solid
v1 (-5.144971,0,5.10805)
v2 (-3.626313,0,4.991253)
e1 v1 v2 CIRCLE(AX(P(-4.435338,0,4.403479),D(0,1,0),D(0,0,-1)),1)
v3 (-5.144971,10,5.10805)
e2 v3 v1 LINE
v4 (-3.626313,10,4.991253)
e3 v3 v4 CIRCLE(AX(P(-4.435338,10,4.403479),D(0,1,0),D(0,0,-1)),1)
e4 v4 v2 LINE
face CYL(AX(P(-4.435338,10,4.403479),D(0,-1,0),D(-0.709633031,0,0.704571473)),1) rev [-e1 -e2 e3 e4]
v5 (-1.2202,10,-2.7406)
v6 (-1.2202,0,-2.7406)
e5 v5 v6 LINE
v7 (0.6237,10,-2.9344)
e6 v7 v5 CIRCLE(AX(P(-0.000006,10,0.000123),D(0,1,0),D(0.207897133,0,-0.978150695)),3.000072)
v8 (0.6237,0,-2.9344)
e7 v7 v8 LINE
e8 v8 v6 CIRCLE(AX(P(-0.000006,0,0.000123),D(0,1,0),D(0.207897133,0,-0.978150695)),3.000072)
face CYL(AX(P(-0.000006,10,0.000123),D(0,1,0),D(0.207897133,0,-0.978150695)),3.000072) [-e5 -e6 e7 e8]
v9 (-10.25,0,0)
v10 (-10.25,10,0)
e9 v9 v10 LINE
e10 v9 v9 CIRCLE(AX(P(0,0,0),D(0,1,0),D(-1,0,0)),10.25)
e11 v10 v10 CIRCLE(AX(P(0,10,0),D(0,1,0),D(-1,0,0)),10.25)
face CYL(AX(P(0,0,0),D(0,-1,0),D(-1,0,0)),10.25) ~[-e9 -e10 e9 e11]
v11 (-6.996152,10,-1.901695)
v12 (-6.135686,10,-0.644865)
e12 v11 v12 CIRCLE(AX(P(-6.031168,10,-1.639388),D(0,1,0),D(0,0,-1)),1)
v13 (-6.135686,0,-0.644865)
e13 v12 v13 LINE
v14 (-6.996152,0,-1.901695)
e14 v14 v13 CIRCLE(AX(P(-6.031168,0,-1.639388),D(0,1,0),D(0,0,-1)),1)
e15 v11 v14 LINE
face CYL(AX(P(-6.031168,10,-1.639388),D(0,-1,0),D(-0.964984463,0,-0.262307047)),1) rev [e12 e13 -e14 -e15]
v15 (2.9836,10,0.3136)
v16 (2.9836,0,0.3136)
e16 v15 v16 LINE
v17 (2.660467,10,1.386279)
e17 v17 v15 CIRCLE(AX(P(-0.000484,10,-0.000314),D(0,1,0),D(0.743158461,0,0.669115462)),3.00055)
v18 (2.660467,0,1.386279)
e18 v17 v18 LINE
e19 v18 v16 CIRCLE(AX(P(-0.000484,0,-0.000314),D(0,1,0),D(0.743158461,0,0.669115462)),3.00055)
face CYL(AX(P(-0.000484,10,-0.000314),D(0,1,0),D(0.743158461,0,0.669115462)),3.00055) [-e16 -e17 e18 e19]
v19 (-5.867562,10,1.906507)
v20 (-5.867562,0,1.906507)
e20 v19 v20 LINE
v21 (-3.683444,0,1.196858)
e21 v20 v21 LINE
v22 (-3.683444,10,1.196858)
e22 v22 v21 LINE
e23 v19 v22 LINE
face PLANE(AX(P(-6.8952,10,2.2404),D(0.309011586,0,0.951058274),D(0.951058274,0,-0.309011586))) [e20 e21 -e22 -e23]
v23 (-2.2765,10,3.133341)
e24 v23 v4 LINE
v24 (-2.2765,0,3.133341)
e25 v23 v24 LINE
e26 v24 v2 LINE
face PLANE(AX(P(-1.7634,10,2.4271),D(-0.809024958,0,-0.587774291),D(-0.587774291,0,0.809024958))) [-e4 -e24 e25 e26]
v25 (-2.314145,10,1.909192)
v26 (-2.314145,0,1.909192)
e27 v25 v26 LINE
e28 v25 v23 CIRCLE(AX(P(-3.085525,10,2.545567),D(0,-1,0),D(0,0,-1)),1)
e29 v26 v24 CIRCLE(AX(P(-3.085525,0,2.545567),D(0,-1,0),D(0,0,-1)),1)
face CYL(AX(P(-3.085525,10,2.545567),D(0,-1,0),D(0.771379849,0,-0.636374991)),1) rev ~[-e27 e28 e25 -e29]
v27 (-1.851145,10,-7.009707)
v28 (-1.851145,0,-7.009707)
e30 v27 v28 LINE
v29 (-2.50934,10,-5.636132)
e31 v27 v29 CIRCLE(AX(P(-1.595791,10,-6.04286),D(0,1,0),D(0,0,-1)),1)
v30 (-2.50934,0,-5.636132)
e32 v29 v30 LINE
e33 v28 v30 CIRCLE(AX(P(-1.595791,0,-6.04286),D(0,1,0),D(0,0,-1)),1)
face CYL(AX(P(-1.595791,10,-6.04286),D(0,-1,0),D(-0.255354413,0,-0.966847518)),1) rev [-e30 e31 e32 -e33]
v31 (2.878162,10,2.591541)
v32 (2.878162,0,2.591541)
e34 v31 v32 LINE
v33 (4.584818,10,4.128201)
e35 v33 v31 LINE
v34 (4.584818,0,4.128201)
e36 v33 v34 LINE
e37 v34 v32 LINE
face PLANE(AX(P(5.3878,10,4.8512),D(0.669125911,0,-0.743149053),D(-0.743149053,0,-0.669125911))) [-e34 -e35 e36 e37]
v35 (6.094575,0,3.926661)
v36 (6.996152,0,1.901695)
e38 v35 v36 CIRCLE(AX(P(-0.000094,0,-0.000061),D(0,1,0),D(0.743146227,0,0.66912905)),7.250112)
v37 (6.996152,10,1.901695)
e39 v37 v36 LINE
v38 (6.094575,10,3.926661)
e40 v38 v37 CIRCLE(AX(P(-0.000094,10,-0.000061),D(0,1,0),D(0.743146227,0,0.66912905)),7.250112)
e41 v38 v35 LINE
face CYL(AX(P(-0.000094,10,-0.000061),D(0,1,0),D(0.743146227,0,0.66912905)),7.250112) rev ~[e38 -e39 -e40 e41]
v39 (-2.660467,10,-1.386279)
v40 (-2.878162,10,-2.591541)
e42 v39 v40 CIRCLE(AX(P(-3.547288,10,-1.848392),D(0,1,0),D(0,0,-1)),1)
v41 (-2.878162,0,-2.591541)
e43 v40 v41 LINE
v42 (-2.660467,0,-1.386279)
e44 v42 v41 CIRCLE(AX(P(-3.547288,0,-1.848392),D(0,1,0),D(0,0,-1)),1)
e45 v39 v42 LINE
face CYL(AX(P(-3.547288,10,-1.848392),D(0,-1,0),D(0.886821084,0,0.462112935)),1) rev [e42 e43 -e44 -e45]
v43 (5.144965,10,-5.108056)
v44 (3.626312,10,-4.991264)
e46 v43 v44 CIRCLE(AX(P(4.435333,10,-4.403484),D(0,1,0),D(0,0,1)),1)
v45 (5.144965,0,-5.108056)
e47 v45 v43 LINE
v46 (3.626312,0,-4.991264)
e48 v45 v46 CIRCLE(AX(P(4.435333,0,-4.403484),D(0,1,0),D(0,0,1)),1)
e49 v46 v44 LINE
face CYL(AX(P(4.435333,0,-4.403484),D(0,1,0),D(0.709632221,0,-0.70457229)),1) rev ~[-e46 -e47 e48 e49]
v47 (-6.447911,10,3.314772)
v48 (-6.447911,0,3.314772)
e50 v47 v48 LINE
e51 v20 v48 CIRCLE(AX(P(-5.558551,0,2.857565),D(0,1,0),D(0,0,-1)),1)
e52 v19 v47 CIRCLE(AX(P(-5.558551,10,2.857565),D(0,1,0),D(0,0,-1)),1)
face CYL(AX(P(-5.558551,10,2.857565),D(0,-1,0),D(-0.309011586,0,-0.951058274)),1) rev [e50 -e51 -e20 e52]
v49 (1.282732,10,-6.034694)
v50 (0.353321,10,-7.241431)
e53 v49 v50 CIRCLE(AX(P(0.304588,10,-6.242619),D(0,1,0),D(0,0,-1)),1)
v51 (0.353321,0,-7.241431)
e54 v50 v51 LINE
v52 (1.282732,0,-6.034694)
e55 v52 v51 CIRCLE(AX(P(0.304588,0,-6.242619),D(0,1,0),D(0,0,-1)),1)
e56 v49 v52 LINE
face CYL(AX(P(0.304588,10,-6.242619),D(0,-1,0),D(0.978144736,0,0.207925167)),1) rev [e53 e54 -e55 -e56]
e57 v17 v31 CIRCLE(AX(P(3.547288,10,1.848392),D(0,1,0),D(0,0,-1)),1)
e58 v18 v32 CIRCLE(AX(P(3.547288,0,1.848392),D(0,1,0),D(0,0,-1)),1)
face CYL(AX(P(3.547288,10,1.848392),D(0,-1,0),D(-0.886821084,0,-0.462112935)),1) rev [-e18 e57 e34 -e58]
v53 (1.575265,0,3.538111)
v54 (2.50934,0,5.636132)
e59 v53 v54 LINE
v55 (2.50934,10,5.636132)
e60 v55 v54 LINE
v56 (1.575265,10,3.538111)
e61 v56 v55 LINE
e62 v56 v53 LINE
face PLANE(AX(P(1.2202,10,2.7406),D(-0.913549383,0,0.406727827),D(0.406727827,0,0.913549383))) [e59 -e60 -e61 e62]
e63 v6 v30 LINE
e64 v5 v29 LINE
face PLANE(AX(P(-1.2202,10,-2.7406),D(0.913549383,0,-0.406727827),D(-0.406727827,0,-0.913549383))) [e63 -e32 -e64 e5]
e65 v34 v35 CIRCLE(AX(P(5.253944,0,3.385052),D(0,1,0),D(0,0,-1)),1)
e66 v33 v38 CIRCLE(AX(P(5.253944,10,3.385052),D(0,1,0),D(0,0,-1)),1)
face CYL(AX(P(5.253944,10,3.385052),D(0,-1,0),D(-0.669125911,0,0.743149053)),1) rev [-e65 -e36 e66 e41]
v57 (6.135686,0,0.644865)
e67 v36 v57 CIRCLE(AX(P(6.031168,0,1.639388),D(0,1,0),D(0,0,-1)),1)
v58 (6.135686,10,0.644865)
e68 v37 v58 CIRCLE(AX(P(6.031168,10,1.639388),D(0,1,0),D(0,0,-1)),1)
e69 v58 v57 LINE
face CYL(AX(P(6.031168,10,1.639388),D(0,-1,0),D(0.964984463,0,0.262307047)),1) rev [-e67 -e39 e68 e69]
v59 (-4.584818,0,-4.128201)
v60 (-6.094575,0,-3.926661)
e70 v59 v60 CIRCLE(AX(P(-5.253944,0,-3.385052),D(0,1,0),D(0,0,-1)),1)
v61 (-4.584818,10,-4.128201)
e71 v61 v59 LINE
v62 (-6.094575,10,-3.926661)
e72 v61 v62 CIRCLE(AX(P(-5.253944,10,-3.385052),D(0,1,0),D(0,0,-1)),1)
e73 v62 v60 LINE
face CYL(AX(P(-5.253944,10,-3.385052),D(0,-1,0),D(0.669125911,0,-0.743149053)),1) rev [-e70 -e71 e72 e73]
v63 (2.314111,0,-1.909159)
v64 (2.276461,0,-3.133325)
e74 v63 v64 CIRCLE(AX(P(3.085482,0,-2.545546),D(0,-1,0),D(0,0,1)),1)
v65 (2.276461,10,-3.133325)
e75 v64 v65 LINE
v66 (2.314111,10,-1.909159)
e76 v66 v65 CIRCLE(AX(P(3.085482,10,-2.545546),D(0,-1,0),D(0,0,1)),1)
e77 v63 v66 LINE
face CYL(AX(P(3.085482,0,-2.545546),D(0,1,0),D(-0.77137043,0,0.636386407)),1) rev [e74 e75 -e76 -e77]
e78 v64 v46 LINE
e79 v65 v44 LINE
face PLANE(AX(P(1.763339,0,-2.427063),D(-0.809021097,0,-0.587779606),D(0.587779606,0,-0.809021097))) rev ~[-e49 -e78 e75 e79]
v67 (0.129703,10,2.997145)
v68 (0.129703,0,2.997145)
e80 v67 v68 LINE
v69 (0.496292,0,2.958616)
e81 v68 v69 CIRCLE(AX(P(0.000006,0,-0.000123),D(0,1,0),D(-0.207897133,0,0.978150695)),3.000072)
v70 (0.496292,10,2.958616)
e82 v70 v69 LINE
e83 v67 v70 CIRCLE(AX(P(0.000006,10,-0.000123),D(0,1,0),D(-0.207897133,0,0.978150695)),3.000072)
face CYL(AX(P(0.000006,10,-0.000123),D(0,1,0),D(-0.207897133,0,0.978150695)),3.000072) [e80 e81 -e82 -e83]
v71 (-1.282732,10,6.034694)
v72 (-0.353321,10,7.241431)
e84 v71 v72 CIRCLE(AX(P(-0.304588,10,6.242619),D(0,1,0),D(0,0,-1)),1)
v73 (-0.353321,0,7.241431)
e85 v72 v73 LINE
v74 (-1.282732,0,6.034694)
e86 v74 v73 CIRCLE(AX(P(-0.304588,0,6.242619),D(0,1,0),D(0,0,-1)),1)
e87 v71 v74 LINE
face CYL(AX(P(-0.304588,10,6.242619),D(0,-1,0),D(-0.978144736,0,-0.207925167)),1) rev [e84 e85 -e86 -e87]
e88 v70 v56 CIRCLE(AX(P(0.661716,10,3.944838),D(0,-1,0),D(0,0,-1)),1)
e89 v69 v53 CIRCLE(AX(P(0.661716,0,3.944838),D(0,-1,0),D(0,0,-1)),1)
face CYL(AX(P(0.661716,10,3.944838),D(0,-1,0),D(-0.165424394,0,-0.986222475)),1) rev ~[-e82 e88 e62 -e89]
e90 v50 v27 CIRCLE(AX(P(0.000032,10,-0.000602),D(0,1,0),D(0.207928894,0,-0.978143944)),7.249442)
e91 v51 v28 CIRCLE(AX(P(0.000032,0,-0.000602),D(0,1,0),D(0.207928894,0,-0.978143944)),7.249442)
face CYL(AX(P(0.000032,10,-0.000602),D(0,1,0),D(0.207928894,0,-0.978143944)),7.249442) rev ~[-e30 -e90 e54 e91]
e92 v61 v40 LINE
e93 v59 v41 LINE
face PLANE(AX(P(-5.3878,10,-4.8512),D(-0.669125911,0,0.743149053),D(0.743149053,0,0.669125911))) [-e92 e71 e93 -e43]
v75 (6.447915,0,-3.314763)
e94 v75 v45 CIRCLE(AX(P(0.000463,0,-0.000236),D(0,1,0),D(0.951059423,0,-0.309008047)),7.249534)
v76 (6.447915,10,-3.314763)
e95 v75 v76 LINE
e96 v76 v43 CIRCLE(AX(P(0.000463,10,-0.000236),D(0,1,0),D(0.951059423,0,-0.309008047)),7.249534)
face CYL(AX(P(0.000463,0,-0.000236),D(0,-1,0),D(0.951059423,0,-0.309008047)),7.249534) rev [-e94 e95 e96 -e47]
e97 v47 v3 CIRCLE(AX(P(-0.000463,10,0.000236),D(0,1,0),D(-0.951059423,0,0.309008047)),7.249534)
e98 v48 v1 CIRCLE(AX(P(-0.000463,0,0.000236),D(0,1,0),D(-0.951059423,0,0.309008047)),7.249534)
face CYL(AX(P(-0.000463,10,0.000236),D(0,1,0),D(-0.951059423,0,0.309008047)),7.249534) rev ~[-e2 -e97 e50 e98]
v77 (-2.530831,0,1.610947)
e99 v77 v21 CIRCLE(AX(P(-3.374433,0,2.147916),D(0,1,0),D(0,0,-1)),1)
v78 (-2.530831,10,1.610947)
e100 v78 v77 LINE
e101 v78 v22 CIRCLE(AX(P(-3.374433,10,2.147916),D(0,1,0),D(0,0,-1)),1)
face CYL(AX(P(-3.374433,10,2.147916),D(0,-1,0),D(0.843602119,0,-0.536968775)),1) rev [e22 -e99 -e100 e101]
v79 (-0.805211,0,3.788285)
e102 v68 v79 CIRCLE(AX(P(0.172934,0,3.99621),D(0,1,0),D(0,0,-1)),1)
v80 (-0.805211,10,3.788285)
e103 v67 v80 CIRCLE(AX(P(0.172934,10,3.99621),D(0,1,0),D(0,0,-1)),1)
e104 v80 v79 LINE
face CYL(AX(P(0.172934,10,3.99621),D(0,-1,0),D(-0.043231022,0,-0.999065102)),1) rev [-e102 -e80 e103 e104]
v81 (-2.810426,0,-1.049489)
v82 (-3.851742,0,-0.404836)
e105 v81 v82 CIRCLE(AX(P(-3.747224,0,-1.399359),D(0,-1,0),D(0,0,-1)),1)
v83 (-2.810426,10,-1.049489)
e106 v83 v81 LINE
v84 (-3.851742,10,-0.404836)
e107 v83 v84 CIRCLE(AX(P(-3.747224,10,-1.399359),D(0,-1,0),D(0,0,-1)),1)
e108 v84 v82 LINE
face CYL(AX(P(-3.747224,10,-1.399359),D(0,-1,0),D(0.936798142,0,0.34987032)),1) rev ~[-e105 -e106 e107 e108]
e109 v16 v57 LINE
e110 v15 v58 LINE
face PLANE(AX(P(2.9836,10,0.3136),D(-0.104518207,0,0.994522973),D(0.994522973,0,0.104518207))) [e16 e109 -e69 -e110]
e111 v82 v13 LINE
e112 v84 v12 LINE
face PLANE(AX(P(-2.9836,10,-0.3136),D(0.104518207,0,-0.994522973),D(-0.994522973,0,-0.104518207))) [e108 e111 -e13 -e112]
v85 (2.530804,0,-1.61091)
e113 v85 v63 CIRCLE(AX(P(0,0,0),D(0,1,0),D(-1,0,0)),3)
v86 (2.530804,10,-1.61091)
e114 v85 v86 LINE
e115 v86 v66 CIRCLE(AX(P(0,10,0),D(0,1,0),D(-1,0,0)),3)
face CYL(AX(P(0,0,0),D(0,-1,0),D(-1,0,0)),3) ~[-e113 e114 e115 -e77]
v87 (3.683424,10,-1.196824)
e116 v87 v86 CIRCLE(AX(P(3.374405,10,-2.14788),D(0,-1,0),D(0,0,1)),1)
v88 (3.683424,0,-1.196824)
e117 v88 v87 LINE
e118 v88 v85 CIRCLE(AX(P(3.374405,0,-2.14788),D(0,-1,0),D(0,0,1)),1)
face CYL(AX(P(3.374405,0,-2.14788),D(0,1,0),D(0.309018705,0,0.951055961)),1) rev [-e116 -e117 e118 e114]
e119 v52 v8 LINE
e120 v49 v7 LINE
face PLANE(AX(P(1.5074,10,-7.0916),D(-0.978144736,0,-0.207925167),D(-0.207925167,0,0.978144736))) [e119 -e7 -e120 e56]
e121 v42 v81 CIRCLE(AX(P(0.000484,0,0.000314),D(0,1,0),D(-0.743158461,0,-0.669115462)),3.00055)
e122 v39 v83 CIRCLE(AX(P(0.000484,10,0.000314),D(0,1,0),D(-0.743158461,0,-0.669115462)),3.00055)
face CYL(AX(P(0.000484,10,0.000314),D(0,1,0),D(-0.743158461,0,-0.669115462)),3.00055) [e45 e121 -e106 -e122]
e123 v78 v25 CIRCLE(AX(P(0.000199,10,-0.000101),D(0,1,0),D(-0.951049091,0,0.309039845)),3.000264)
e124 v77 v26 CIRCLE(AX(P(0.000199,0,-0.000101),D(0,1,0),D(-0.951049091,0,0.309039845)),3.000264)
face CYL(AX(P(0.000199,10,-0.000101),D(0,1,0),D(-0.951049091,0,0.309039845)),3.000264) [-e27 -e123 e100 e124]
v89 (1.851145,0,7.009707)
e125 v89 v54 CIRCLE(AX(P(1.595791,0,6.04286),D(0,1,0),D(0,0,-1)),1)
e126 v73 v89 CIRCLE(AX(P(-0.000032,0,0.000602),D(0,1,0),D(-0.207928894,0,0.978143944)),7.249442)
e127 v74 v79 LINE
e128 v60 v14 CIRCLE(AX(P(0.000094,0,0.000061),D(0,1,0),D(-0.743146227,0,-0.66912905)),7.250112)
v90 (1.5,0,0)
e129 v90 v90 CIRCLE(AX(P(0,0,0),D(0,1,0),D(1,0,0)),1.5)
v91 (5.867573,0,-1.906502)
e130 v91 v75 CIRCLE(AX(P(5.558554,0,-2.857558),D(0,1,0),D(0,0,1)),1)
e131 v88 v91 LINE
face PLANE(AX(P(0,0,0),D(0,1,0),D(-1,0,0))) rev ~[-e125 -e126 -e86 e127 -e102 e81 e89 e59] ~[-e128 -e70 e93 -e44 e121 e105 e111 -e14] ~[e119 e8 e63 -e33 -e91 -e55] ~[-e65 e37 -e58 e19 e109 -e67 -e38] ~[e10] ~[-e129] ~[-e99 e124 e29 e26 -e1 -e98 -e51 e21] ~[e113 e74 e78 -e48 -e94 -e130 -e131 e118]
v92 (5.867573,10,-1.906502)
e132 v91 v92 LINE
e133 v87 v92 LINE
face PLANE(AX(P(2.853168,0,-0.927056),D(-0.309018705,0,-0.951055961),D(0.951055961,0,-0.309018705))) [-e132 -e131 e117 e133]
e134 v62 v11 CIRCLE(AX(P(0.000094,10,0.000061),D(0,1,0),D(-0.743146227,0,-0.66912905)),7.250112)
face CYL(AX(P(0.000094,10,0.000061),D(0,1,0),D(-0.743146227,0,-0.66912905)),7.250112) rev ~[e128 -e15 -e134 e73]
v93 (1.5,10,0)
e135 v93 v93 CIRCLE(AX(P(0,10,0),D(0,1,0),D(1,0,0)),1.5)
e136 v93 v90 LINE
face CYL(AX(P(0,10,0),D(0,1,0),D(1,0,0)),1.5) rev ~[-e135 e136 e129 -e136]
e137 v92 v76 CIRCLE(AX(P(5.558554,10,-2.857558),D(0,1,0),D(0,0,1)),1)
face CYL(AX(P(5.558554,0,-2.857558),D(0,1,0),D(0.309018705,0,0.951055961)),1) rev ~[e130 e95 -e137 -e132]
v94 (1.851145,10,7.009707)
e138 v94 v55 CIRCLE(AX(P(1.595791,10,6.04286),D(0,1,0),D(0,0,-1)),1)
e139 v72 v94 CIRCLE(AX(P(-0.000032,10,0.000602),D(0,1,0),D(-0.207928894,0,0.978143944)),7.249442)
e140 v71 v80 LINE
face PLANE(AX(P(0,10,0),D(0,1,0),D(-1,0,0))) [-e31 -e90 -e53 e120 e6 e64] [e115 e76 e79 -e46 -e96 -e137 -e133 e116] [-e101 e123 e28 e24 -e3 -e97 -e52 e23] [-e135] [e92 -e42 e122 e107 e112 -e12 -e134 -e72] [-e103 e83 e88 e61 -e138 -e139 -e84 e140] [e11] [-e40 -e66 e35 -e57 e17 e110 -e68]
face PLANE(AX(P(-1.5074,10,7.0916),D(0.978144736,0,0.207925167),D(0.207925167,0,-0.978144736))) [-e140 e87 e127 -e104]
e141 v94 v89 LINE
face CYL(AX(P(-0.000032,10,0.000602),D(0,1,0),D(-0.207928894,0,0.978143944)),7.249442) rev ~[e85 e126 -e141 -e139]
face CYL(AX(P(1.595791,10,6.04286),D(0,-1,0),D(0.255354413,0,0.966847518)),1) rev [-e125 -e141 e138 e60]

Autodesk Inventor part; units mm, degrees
ref_plane "YZ Plane" through (0, 0, 0) normal (1, 0, 0) x (0, 1, 0)
ref_plane "XZ Plane" through (0, 0, 0) normal (0, 1, 0) x (-1, 0, 0)
ref_plane "XY Plane" through (0, 0, 0) normal (0, 0, 1) x (1, 0, 0)
sketch "Sketch1" plane through (0, 0, 0) normal (0, 1, 0) x (-1, 0, 0)
  circle A0 centre (0, 0) radius 10.25
  circle A1 centre (0, 0) radius 3
  line L0 (0, 0) -> (0, 7.25)
  line L1 (0, 0) -> (-4.2614, 5.8654)
  line L2 (0, 0) -> (-6.8952, 2.2404)
  line L3 (0, 0) -> (-6.8952, -2.2404)
  line L4 (0, 0) -> (-4.2614, -5.8654)
  line L5 (0, 0) -> (0, -7.25)
  line L6 (0, 0) -> (4.2614, -5.8654)
  line L7 (0, 0) -> (6.8952, -2.2404)
  line L8 (0, 0) -> (6.8952, 2.2404)
  line L9 (0, 0) -> (4.2614, 5.8654)
  arc A2 (4.2614, 5.8654) -> (0, 7.25) centre (0, 0) ccw
  arc A3 (-4.2614, 5.8654) -> (-6.8952, 2.2404) centre (0, 0) ccw
  arc A4 (-6.8952, -2.2404) -> (-4.2614, -5.8654) centre (0, 0) ccw
  arc A5 (0, -7.25) -> (4.2614, -5.8654) centre (0, 0) ccw
  arc A6 (6.8952, -2.2404) -> (6.8952, 2.2404) centre (0, 0) ccw
  arc A7 (4.2614, 5.8654) -> (0, 7.25) centre (0, 0) ccw
  arc A8 (6.8952, -2.2404) -> (6.8952, 2.2404) centre (0, 0) ccw
  arc A9 (0, -7.25) -> (4.2614, -5.8654) centre (0, 0) ccw
  arc A10 (-6.8952, -2.2404) -> (-4.2614, -5.8654) centre (0, 0) ccw
  arc A11 (-4.2614, 5.8654) -> (-6.8952, 2.2404) centre (0, 0) ccw
  circle A12 centre (0, 0) radius 3
  dimension "d0" = 20.5
  dimension "d2" = 6
  dimension "d5" = 360
extrude "Extrusion1" add sketch "Sketch1" along normal blind 10 contours A0 | A1 L7 L8 | A1 L8 A6 L7 | L8 L9 A1 | A1 L6 L7 | L9 L0 A1 | A1 L0 A2 L9 | L1 A1 L0 | L2 A1 L1 | L3 A1 L2 | L4 A1 L3 | L5 A1 L4 | L6 A1 L5 | L6 A5 L5 A1 | A1 L2 A3 L1
sketch "Sketch2" plane through (0, 10, 0) normal (0, 1, 0) x (1, 0, 0)
  point P0 (0, 0)
sketch "Sketch3" plane through (0, 10, 0) normal (0, 1, 0) x (1, 0, 0)
  arc A0 (2.8532, 0.9271) -> (1.7634, 2.4271) centre (0, 0) ccw
  line L0 (1.7634, 2.4271) -> (4.2614, 5.8654)
  arc A1 (6.8952, 2.2404) -> (4.2614, 5.8654) centre (0, 0) ccw
  line L1 (6.8952, 2.2404) -> (2.8532, 0.9271)
  line L2 (-1.2202, 2.7406) -> (-2.9488, 6.6232)
  arc A2 (0.6237, 2.9344) -> (-1.2202, 2.7406) centre (0, 0) ccw
  line L3 (1.5074, 7.0916) -> (0.6237, 2.9344)
  arc A3 (1.5074, 7.0916) -> (-2.9488, 6.6232) centre (0, 0) ccw
  line L4 (-2.9836, 0.3136) -> (-7.2103, 0.7578)
  arc A4 (-2.2294, 2.0074) -> (-2.9836, 0.3136) centre (0, 0) ccw
  line L5 (-5.3878, 4.8512) -> (-2.2294, 2.0074)
  arc A5 (-5.3878, 4.8512) -> (-7.2103, 0.7578) centre (0, 0) ccw
  line L6 (-1.7634, -2.4271) -> (-4.2614, -5.8654)
  arc A6 (-2.8532, -0.9271) -> (-1.7634, -2.4271) centre (0, 0) ccw
  line L7 (-6.8952, -2.2404) -> (-2.8532, -0.9271)
  arc A7 (-6.8952, -2.2404) -> (-4.2614, -5.8654) centre (0, 0) ccw
  line L8 (1.2202, -2.7406) -> (2.9488, -6.6232)
  arc A8 (-0.6237, -2.9344) -> (1.2202, -2.7406) centre (0, 0) ccw
  line L9 (-1.5074, -7.0916) -> (-0.6237, -2.9344)
  arc A9 (-1.5074, -7.0916) -> (2.9488, -6.6232) centre (0, 0) ccw
  line L10 (2.9836, -0.3136) -> (7.2103, -0.7578)
  arc A10 (2.2294, -2.0074) -> (2.9836, -0.3136) centre (0, 0) ccw
  line L11 (5.3878, -4.8512) -> (2.2294, -2.0074)
  arc A11 (5.3878, -4.8512) -> (7.2103, -0.7578) centre (0, 0) ccw
  dimension "d11" = 360
extrude "Extrusion2" cut sketch "Sketch3" against normal blind 10 contours L2 A3 L3 A2 | L4 A5 L5 A4 | L6 A7 L7 A6 | L8 A9 L9 A8 | L10 A11 L11 A10
fillet "Fillet1" radius 1 21 edges at (-6.8952, 5, 2.2404) (-7.2103, 5, -0.7578) (-2.9488, 5, -6.6232) (1.7634, 5, -2.4271) (2.2294, 5, 2.0074) (-1.5074, 5, 7.0916) (2.8532, 5, -0.9271) (2.9488, 5, 6.6232) (-2.9836, 5, -0.3136) (6.8952, 5, -2.2404) (5.3878, 5, 4.8512) (7.2103, 5, 0.7578) (1.5074, 5, -7.0916) (-5.3878, 5, -4.8512) (4.2614, 5, -5.8654) (-0.6237, 5, 2.9344) (1.2202, 5, 2.7406) (-2.8532, 5, 0.9271) (-4.2614, 5, 5.8654) (-1.7634, 5, 2.4271) (-2.2294, 5, -2.0074)
sketch "Sketch4" plane through (0, 10, 0) normal (0, 1, 0) x (1, 0, 0)
  circle A0 centre (0, 0) radius 1.5
  dimension "d16" = 3
extrude "Extrusion3" cut sketch "Sketch4" against normal blind 10
properties part number "rin"
